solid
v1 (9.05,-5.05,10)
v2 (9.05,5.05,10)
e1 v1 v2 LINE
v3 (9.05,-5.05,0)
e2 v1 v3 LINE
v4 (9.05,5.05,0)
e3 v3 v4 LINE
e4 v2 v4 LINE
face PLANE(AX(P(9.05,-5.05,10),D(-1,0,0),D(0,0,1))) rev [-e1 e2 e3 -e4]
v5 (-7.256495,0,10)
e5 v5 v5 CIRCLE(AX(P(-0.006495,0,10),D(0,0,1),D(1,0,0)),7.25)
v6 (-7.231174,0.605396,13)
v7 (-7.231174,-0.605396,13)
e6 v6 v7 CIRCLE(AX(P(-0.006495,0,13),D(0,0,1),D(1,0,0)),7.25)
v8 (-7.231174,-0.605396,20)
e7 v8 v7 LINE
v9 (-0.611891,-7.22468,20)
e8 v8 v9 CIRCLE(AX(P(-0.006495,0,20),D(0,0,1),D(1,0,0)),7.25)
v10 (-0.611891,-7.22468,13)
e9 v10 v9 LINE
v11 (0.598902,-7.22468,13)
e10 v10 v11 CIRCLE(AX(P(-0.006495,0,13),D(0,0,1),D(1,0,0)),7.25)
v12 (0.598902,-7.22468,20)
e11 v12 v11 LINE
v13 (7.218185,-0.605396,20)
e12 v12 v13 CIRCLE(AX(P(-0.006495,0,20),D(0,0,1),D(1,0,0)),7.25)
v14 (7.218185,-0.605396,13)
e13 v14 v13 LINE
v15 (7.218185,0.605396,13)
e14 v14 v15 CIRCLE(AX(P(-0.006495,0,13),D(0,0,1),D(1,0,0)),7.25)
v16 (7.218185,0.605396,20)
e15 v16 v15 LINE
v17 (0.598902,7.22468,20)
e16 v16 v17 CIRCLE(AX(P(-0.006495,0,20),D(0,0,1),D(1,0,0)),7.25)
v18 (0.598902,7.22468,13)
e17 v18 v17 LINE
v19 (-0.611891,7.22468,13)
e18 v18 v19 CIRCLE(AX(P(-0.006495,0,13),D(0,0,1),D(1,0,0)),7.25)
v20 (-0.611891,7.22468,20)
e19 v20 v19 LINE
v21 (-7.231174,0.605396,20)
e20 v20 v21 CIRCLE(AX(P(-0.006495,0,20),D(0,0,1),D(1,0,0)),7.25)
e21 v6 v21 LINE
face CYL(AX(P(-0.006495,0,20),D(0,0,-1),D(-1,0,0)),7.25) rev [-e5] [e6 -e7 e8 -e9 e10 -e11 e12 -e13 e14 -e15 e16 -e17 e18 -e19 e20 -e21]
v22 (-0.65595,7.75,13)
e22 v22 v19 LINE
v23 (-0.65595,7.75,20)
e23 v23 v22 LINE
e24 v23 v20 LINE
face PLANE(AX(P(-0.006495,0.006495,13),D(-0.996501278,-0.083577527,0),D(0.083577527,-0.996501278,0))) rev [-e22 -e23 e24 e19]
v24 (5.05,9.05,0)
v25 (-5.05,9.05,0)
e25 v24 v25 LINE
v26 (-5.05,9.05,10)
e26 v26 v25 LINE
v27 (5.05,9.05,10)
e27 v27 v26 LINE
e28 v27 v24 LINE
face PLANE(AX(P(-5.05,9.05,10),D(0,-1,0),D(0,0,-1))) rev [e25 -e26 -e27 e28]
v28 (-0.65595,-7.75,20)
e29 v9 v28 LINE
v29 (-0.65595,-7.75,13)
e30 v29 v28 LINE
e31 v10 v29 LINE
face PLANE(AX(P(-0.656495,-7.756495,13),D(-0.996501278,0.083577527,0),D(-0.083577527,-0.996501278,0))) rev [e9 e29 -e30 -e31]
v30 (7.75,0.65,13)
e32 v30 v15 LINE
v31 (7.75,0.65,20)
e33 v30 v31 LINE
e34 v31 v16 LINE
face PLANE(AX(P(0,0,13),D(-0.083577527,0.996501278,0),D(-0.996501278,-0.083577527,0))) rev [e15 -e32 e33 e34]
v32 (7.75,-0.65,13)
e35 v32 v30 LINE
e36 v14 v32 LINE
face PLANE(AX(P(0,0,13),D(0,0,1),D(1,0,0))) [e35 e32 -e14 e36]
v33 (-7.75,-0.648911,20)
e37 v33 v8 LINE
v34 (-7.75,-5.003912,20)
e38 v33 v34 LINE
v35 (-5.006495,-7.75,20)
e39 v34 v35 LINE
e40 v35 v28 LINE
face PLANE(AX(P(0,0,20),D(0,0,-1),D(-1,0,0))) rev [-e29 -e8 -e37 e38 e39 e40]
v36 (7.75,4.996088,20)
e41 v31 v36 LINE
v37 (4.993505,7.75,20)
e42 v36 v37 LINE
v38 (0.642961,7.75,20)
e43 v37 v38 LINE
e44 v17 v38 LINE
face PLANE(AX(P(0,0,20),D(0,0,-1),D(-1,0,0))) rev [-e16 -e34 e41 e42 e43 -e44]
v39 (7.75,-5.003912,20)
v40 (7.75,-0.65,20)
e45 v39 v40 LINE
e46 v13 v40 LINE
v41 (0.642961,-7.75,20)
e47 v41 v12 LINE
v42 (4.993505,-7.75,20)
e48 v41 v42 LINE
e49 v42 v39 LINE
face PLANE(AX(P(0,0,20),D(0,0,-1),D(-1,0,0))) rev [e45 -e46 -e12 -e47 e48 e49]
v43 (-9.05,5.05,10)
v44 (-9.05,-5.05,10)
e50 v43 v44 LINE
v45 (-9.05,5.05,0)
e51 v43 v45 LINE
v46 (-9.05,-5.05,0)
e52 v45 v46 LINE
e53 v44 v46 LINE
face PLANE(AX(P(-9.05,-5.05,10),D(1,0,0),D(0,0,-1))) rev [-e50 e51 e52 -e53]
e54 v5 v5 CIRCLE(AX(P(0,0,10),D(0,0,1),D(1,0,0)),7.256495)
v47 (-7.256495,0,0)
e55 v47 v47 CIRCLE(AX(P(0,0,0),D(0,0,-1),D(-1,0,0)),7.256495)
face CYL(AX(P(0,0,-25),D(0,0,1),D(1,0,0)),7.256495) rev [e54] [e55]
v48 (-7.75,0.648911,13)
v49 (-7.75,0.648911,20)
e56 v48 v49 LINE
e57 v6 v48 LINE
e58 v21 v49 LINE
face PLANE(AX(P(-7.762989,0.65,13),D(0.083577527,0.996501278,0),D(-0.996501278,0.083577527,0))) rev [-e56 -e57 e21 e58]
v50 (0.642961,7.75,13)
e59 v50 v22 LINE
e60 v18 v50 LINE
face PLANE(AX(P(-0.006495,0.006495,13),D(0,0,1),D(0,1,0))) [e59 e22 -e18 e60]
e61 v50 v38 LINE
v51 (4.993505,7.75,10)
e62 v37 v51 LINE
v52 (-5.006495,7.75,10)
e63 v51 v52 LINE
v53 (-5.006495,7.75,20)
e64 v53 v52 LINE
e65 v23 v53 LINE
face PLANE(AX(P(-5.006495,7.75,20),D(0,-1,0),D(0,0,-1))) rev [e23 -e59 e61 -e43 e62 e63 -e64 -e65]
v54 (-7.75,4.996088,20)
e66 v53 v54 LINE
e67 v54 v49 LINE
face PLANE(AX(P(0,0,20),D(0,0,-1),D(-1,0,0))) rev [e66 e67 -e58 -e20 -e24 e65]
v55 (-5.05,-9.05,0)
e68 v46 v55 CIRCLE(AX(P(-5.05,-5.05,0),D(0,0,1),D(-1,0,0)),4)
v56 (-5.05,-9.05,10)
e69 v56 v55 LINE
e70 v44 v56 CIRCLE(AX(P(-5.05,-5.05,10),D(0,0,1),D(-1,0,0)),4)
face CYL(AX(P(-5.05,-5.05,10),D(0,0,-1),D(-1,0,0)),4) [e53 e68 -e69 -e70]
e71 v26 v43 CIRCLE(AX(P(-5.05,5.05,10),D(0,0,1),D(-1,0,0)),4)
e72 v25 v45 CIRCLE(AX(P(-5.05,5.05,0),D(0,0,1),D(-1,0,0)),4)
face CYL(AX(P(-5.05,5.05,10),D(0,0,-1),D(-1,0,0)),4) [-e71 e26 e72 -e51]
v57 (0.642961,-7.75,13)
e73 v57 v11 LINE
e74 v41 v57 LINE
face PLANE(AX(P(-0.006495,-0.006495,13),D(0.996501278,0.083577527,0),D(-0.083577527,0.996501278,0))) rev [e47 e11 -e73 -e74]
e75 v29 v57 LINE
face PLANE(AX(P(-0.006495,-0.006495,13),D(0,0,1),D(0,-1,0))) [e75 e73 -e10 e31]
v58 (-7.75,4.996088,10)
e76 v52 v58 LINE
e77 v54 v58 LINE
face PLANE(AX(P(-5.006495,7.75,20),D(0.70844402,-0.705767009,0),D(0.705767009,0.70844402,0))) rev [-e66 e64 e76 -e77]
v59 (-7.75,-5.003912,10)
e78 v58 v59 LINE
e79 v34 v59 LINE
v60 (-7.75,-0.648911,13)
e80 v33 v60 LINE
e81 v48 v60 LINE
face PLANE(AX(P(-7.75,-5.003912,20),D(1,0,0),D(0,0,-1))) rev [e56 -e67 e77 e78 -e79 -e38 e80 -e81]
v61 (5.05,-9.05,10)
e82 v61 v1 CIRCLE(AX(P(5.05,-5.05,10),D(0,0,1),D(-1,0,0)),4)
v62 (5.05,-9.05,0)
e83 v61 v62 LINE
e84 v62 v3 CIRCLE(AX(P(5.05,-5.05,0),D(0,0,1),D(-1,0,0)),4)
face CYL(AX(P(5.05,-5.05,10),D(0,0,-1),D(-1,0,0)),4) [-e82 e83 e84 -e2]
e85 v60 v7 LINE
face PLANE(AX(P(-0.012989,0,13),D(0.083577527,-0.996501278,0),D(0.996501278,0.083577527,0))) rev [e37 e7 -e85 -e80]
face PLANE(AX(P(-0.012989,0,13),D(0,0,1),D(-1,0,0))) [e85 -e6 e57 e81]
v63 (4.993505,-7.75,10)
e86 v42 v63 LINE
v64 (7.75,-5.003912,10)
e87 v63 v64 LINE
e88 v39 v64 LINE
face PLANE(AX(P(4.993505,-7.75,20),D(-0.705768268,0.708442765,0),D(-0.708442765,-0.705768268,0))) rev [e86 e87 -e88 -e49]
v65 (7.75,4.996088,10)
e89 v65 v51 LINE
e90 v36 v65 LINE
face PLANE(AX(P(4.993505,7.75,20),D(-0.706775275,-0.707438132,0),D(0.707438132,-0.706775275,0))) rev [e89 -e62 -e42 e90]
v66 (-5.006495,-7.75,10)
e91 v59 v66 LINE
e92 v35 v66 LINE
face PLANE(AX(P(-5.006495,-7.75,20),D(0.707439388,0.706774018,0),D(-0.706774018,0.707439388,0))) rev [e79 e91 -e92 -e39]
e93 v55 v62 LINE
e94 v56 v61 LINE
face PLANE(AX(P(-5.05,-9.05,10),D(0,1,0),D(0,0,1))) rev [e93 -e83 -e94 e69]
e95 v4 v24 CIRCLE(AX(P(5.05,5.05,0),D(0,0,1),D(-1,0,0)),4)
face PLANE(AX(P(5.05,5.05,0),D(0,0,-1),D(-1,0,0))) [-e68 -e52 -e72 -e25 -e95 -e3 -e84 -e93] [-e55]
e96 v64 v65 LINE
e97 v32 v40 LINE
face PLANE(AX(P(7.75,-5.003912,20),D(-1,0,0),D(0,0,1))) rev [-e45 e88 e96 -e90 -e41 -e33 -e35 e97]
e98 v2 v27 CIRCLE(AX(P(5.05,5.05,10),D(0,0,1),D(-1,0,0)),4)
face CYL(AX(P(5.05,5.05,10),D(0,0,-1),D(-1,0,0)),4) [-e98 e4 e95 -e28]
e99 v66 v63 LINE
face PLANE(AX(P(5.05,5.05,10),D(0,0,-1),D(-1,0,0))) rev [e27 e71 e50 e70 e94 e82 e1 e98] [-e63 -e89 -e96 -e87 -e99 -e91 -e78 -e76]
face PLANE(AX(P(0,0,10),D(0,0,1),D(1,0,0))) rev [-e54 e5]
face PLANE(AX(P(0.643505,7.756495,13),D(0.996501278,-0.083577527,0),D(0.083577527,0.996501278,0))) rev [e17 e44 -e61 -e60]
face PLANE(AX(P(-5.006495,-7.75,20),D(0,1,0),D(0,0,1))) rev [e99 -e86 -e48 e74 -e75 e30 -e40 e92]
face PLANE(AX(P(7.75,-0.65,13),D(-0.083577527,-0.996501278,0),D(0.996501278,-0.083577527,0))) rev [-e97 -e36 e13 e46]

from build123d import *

# Parameters (mm, degrees)
BOSS_EXTRUDE1_DEPTH = 10
SKETCH22_R          = 7.25
BOSS_EXTRUDE4_DEPTH = 10
SKETCH24_R          = 7.256494522
CUT_EXTRUDE15_DEPTH = 35
CUT_EXTRUDE16_DEPTH = 7
CIRPATTERN1_COUNT   = 4


with BuildPart() as part:
    # Sketch1 → Boss-Extrude1 (new body)
    with BuildSketch(Plane.XY):
        with BuildLine():
            Line((-5.05, 9.05), (5.05, 9.05))
            ThreePointArc((5.05, 9.05), (7.878427125, 7.878427125), (9.05, 5.05))
            Line((9.05, 5.05), (9.05, -5.05))
            ThreePointArc((9.05, -5.05), (7.878427125, -7.878427125), (5.05, -9.05))
            Line((5.05, -9.05), (-5.05, -9.05))
            ThreePointArc((-5.05, -9.05), (-7.878427125, -7.878427125), (-9.05, -5.05))
            Line((-9.05, -5.05), (-9.05, 5.05))
            ThreePointArc((-9.05, 5.05), (-7.878427125, 7.878427125), (-5.05, 9.05))
        make_face()
    extrude(amount=BOSS_EXTRUDE1_DEPTH)

    # Sketch22 → Boss-Extrude4 (add)
    with BuildSketch(Plane.XY.offset(10)):
        Polygon((-5.006494522, -7.75), (4.993505478, -7.75), (7.75, -5.003911735), (7.75, 4.996088265), (4.993505478, 7.75), (-5.006494522, 7.75), (-7.75, 4.996088265), (-7.75, -5.003911735), align=None)
        with Locations((-0.006494522, 0)):
            Circle(SKETCH22_R, mode=Mode.SUBTRACT)
    extrude(amount=BOSS_EXTRUDE4_DEPTH)

    # Sketch24 → Cut-Extrude15 (cut)
    with BuildSketch(Plane.XY.offset(10)):
        with Locations(Location((0, 0, 0), (0, 0, 180))):
            Circle(SKETCH24_R)
    extrude(amount=-CUT_EXTRUDE15_DEPTH, mode=Mode.SUBTRACT)

    # Sketch25 → Cut-Extrude16 (cut)
    with BuildSketch(Plane.XY.offset(20)):
        Polygon((0, 0), (7.75, 0.65), (7.75, -0.65), align=None)
    cut_extrude16 = extrude(amount=-CUT_EXTRUDE16_DEPTH, mode=Mode.SUBTRACT)

    # CirPattern1: Cut-Extrude16 ×4 about axis
    cirpattern1_axis = Axis((-0.006494522, 0, 20), (0, 0, -1))
    for i in range(1, CIRPATTERN1_COUNT):
        add(cut_extrude16.rotate(cirpattern1_axis, i * 360 / CIRPATTERN1_COUNT), mode=Mode.SUBTRACT)


solid = part.part
